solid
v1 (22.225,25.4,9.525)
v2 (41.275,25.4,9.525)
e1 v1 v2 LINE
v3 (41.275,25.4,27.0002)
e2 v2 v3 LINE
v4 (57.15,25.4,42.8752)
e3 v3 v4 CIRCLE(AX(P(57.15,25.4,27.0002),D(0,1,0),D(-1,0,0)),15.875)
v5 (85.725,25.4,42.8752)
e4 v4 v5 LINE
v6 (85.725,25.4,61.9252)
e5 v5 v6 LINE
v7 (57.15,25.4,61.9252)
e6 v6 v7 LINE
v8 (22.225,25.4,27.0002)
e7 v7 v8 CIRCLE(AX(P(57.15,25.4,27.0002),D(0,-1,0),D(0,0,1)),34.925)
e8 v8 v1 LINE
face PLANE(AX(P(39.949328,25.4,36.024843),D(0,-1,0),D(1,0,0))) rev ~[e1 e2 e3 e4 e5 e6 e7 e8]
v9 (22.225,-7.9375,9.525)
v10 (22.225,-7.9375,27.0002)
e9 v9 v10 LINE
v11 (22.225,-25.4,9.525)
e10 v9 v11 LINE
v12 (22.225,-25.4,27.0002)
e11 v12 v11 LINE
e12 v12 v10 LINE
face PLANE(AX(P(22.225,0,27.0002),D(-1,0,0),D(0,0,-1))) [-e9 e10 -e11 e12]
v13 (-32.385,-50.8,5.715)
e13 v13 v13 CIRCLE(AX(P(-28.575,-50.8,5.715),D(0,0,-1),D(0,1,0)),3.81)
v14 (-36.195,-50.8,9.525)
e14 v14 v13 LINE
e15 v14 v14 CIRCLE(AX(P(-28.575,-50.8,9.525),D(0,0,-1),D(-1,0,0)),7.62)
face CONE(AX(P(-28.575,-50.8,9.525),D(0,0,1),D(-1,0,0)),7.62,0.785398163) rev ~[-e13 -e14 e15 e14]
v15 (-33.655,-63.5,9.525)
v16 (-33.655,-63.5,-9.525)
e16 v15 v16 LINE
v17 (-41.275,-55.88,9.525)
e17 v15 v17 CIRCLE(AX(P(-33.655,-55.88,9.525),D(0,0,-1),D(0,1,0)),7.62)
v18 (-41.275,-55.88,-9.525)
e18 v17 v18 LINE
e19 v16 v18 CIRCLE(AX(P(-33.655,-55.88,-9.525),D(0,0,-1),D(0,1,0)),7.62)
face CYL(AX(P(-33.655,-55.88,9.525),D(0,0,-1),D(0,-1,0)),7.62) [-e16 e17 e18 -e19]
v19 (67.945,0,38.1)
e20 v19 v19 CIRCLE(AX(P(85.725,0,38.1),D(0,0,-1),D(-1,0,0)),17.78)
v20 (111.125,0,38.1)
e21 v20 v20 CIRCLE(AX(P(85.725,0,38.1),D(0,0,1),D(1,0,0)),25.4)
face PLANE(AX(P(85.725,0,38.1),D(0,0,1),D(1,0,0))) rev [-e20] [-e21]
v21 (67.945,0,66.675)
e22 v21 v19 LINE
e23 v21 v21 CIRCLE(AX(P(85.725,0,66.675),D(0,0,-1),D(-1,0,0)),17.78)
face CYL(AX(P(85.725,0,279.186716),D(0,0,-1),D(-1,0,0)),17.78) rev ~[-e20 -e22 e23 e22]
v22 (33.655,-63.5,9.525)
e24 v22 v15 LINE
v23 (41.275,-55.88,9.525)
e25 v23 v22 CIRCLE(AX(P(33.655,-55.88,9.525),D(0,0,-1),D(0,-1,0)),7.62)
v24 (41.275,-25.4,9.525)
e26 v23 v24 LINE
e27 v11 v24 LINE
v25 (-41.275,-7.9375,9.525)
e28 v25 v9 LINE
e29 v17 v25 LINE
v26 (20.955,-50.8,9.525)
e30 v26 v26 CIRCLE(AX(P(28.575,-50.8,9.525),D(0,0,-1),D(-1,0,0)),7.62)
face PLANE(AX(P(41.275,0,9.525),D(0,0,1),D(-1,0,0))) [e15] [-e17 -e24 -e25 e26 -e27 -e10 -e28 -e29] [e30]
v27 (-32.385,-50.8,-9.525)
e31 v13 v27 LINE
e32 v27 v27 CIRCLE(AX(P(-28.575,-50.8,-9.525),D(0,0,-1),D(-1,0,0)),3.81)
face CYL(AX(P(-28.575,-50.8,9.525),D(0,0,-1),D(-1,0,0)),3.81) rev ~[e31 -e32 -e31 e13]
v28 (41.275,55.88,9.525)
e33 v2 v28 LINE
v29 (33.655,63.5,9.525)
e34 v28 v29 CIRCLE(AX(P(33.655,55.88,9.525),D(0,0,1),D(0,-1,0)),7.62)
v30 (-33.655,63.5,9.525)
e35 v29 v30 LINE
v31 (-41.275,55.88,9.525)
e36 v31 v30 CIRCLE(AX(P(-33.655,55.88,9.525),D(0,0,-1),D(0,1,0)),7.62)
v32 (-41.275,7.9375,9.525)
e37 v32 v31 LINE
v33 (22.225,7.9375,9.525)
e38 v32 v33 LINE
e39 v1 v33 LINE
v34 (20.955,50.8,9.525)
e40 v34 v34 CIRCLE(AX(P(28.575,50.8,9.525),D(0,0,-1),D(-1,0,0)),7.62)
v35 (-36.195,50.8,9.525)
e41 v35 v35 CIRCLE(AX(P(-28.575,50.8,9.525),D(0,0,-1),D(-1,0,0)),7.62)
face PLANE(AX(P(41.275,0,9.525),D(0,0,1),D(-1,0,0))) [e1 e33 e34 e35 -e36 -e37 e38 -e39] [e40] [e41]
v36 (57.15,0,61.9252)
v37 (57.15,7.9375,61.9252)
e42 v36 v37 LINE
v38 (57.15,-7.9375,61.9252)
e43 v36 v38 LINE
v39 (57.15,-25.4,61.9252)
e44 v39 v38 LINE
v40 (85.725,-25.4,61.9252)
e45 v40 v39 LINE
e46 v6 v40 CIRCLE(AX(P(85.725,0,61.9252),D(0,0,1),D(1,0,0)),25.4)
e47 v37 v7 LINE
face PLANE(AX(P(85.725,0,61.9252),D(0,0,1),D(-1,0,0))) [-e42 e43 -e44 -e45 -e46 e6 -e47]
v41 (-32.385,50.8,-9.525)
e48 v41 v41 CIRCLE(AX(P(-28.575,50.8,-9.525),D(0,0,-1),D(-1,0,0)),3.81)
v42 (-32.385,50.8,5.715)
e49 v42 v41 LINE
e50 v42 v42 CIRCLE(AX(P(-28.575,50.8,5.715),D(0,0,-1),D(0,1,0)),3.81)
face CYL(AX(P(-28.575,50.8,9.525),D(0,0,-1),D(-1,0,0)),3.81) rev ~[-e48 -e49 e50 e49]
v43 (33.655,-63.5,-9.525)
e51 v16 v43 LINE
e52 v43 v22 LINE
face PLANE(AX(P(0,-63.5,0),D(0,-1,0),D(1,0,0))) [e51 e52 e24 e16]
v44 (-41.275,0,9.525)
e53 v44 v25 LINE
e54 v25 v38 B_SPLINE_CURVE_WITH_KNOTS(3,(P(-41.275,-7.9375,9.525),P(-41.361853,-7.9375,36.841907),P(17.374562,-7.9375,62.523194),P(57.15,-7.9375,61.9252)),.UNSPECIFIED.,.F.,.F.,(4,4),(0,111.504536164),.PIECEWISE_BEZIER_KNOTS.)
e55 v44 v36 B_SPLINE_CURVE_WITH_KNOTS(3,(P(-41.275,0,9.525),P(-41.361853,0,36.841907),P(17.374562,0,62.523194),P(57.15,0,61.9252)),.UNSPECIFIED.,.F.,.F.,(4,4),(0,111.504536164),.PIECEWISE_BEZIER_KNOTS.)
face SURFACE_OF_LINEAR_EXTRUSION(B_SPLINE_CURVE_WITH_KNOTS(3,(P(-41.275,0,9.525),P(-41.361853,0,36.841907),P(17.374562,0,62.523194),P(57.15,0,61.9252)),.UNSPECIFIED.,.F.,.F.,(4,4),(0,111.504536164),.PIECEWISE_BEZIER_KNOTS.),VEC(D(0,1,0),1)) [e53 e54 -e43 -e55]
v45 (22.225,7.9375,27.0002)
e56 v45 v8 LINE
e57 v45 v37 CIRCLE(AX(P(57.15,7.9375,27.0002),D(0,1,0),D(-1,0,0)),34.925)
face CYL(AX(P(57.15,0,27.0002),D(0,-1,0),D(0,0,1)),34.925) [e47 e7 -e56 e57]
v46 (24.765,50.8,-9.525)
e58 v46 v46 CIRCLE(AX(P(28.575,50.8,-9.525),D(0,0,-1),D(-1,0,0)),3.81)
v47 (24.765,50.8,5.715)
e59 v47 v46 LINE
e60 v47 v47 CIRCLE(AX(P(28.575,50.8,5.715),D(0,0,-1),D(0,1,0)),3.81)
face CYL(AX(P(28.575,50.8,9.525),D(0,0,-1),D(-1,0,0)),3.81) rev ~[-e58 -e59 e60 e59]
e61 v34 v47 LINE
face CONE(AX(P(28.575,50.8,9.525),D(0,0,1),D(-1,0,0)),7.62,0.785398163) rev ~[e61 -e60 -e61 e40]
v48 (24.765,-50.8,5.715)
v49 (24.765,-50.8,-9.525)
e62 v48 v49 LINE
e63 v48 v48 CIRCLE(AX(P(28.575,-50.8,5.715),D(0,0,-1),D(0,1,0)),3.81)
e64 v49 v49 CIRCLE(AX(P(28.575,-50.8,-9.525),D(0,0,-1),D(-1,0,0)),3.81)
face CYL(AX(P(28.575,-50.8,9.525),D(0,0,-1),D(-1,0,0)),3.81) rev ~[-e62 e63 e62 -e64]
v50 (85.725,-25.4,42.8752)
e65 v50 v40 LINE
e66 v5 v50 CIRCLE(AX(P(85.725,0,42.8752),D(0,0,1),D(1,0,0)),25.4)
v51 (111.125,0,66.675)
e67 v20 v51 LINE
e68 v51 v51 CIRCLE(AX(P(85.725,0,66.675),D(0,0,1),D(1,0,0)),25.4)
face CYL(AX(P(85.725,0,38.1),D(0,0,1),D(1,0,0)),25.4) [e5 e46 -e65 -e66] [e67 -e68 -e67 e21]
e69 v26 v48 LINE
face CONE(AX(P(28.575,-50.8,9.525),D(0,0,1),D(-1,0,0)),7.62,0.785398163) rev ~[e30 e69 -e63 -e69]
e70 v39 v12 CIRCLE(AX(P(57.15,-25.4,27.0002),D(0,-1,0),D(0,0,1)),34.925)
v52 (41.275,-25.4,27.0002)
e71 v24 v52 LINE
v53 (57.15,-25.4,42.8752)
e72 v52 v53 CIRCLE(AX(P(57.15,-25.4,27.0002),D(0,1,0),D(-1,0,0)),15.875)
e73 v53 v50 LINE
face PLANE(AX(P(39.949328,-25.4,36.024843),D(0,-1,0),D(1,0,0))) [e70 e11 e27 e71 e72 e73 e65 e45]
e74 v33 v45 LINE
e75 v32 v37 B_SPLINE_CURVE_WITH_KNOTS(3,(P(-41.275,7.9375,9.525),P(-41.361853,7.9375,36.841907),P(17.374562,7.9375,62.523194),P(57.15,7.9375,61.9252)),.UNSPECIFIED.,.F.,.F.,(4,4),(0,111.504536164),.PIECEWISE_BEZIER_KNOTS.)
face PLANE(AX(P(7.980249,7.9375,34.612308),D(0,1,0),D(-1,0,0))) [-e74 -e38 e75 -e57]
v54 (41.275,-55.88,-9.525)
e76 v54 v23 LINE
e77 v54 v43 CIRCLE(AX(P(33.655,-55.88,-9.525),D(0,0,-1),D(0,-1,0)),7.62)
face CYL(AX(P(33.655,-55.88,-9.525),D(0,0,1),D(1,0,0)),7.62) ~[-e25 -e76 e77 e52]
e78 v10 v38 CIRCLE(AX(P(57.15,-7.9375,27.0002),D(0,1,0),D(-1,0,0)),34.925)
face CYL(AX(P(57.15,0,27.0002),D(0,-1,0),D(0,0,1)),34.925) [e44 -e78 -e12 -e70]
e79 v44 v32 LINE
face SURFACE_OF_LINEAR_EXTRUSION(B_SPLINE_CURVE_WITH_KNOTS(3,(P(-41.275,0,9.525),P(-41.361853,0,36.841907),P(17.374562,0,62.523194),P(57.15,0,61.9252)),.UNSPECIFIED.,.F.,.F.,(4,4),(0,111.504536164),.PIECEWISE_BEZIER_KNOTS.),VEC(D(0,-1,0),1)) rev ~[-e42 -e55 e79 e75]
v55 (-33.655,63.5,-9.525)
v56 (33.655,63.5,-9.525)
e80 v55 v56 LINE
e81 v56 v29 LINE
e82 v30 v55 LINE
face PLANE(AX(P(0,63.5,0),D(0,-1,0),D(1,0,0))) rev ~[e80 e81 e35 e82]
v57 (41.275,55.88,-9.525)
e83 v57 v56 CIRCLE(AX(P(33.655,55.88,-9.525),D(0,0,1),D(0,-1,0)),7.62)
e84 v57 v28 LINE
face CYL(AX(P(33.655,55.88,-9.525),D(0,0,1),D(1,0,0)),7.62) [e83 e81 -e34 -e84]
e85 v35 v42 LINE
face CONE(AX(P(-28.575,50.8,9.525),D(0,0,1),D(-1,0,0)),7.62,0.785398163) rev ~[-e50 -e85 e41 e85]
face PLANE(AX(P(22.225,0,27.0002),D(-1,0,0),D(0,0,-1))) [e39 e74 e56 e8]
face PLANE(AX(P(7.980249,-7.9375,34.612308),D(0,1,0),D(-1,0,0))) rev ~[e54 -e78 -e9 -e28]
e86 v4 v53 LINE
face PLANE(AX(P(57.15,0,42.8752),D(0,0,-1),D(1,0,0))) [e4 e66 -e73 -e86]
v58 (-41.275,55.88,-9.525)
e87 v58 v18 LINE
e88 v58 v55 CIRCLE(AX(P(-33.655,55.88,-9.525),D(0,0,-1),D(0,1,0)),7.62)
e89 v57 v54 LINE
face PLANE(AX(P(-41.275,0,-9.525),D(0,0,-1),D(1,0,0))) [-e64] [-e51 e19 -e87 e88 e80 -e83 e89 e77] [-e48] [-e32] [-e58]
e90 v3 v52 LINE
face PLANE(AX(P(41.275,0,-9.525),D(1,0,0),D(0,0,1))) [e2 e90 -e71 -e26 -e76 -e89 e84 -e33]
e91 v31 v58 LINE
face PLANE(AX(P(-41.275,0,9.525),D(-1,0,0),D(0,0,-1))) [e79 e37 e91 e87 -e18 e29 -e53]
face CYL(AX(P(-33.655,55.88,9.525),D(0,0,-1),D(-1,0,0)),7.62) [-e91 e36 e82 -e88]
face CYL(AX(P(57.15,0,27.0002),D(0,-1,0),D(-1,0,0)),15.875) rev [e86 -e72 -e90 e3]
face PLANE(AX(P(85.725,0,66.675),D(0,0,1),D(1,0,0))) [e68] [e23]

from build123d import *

# Parameters (mm, degrees)
F1_DEPTH       = 63.5
F0_W           = 25.4
F0_H           = 19.05
F2_DEPTH       = 25.4
F3_DEPTH       = 7.9375
F5_R           = 7.62
F7_D           = 7.62
F7_CSINK_D     = 15.24
F7_CSINK_ANGLE = 90
F8_D           = 7.62
F8_CSINK_D     = 15.24
F8_CSINK_ANGLE = 90
F10_D          = 35.56


with BuildPart() as f1:
    # F0 (on Front) → F1 (new body, symmetric)
    with BuildSketch(Plane.XZ):
        Polygon((22.225, 9.525), (-41.275, 9.525), (-41.275, -9.525), (41.275, -9.525), (41.275, 9.525), align=None)
    extrude(amount=F1_DEPTH, both=True)

    # F0 (on Front) → F2 (join, symmetric)
    with BuildSketch(Plane.XZ):
        with BuildLine():
            Line((22.225, 27.0002), (22.225, 9.525))
            Line((22.225, 9.525), (41.275, 9.525))
            Line((41.275, 9.525), (41.275, 27.0002))
            ThreePointArc((41.275, 27.0002), (45.9246798487, 38.2255201513), (57.15, 42.8752))
            Line((57.15, 42.8752), (60.325, 42.8752))
            Line((60.325, 42.8752), (60.325, 61.9252))
            Line((60.325, 61.9252), (57.15, 61.9252))
            ThreePointArc((57.15, 61.9252), (32.4542956671, 51.6959043329), (22.225, 27.0002))
        make_face()
        with Locations((73.025, 52.4002)):
            Rectangle(F0_W, F0_H)
    extrude(amount=F2_DEPTH, both=True)

    # F0 (on Front) → F3 (join, symmetric)
    with BuildSketch(Plane.XZ):
        with BuildLine():
            add(Edge.make_bspline(
                [(-41.275, 9.525), (-41.3618534803, 36.8419066072), (17.3745620996, 62.5231936574), (57.15, 61.9252)],
                knots=[0, 0, 0, 0, 111.5045361635, 111.5045361635, 111.5045361635, 111.5045361635], degree=3))
            Line((-41.275, 9.525), (22.225, 9.525))
            Line((22.225, 9.525), (22.225, 27.0002))
            ThreePointArc((22.225, 27.0002), (32.4542956671, 51.6959043329), (57.15, 61.9252))
        make_face()
    extrude(amount=F3_DEPTH, both=True)

    # F0 (on Front) → F4 (revolve)
    with BuildSketch(Plane.XZ):
        Polygon((85.725, 66.675), (85.725, 61.9252), (85.725, 42.8752), (85.725, 38.1), (111.125, 38.1), (111.125, 66.675), align=None)
    revolve(axis=Axis((85.725, 0, 52.3875), (0, 0, 1)))

    # F5
    f5_edges = [f1.edges().sort_by_distance(p)[0] for p in [
        (-41.275, -63.5, 0),
        (41.275, -63.5, 0),
        (-41.275, 63.5, 0),
        (41.275, 63.5, 0),
    ]]
    fillet(f5_edges, radius=F5_R)

    # F7 (through all)
    with Locations(Plane.XY.offset(9.525)):
        with Locations((-28.575, 50.8)):
            CounterSinkHole(F7_D / 2, F7_CSINK_D / 2, counter_sink_angle=F7_CSINK_ANGLE)

    # F8 (through all)
    with Locations(Plane.XY.offset(9.525)):
        with Locations((-28.575, -50.8), (28.575, -50.8), (28.575, 50.8)):
            CounterSinkHole(F8_D / 2, F8_CSINK_D / 2, counter_sink_angle=F8_CSINK_ANGLE)

    # F10 (through all)
    with Locations(Plane.XY.offset(66.675)):
        with Locations((85.725, 0)):
            Hole(F10_D / 2)


solid = f1.part
